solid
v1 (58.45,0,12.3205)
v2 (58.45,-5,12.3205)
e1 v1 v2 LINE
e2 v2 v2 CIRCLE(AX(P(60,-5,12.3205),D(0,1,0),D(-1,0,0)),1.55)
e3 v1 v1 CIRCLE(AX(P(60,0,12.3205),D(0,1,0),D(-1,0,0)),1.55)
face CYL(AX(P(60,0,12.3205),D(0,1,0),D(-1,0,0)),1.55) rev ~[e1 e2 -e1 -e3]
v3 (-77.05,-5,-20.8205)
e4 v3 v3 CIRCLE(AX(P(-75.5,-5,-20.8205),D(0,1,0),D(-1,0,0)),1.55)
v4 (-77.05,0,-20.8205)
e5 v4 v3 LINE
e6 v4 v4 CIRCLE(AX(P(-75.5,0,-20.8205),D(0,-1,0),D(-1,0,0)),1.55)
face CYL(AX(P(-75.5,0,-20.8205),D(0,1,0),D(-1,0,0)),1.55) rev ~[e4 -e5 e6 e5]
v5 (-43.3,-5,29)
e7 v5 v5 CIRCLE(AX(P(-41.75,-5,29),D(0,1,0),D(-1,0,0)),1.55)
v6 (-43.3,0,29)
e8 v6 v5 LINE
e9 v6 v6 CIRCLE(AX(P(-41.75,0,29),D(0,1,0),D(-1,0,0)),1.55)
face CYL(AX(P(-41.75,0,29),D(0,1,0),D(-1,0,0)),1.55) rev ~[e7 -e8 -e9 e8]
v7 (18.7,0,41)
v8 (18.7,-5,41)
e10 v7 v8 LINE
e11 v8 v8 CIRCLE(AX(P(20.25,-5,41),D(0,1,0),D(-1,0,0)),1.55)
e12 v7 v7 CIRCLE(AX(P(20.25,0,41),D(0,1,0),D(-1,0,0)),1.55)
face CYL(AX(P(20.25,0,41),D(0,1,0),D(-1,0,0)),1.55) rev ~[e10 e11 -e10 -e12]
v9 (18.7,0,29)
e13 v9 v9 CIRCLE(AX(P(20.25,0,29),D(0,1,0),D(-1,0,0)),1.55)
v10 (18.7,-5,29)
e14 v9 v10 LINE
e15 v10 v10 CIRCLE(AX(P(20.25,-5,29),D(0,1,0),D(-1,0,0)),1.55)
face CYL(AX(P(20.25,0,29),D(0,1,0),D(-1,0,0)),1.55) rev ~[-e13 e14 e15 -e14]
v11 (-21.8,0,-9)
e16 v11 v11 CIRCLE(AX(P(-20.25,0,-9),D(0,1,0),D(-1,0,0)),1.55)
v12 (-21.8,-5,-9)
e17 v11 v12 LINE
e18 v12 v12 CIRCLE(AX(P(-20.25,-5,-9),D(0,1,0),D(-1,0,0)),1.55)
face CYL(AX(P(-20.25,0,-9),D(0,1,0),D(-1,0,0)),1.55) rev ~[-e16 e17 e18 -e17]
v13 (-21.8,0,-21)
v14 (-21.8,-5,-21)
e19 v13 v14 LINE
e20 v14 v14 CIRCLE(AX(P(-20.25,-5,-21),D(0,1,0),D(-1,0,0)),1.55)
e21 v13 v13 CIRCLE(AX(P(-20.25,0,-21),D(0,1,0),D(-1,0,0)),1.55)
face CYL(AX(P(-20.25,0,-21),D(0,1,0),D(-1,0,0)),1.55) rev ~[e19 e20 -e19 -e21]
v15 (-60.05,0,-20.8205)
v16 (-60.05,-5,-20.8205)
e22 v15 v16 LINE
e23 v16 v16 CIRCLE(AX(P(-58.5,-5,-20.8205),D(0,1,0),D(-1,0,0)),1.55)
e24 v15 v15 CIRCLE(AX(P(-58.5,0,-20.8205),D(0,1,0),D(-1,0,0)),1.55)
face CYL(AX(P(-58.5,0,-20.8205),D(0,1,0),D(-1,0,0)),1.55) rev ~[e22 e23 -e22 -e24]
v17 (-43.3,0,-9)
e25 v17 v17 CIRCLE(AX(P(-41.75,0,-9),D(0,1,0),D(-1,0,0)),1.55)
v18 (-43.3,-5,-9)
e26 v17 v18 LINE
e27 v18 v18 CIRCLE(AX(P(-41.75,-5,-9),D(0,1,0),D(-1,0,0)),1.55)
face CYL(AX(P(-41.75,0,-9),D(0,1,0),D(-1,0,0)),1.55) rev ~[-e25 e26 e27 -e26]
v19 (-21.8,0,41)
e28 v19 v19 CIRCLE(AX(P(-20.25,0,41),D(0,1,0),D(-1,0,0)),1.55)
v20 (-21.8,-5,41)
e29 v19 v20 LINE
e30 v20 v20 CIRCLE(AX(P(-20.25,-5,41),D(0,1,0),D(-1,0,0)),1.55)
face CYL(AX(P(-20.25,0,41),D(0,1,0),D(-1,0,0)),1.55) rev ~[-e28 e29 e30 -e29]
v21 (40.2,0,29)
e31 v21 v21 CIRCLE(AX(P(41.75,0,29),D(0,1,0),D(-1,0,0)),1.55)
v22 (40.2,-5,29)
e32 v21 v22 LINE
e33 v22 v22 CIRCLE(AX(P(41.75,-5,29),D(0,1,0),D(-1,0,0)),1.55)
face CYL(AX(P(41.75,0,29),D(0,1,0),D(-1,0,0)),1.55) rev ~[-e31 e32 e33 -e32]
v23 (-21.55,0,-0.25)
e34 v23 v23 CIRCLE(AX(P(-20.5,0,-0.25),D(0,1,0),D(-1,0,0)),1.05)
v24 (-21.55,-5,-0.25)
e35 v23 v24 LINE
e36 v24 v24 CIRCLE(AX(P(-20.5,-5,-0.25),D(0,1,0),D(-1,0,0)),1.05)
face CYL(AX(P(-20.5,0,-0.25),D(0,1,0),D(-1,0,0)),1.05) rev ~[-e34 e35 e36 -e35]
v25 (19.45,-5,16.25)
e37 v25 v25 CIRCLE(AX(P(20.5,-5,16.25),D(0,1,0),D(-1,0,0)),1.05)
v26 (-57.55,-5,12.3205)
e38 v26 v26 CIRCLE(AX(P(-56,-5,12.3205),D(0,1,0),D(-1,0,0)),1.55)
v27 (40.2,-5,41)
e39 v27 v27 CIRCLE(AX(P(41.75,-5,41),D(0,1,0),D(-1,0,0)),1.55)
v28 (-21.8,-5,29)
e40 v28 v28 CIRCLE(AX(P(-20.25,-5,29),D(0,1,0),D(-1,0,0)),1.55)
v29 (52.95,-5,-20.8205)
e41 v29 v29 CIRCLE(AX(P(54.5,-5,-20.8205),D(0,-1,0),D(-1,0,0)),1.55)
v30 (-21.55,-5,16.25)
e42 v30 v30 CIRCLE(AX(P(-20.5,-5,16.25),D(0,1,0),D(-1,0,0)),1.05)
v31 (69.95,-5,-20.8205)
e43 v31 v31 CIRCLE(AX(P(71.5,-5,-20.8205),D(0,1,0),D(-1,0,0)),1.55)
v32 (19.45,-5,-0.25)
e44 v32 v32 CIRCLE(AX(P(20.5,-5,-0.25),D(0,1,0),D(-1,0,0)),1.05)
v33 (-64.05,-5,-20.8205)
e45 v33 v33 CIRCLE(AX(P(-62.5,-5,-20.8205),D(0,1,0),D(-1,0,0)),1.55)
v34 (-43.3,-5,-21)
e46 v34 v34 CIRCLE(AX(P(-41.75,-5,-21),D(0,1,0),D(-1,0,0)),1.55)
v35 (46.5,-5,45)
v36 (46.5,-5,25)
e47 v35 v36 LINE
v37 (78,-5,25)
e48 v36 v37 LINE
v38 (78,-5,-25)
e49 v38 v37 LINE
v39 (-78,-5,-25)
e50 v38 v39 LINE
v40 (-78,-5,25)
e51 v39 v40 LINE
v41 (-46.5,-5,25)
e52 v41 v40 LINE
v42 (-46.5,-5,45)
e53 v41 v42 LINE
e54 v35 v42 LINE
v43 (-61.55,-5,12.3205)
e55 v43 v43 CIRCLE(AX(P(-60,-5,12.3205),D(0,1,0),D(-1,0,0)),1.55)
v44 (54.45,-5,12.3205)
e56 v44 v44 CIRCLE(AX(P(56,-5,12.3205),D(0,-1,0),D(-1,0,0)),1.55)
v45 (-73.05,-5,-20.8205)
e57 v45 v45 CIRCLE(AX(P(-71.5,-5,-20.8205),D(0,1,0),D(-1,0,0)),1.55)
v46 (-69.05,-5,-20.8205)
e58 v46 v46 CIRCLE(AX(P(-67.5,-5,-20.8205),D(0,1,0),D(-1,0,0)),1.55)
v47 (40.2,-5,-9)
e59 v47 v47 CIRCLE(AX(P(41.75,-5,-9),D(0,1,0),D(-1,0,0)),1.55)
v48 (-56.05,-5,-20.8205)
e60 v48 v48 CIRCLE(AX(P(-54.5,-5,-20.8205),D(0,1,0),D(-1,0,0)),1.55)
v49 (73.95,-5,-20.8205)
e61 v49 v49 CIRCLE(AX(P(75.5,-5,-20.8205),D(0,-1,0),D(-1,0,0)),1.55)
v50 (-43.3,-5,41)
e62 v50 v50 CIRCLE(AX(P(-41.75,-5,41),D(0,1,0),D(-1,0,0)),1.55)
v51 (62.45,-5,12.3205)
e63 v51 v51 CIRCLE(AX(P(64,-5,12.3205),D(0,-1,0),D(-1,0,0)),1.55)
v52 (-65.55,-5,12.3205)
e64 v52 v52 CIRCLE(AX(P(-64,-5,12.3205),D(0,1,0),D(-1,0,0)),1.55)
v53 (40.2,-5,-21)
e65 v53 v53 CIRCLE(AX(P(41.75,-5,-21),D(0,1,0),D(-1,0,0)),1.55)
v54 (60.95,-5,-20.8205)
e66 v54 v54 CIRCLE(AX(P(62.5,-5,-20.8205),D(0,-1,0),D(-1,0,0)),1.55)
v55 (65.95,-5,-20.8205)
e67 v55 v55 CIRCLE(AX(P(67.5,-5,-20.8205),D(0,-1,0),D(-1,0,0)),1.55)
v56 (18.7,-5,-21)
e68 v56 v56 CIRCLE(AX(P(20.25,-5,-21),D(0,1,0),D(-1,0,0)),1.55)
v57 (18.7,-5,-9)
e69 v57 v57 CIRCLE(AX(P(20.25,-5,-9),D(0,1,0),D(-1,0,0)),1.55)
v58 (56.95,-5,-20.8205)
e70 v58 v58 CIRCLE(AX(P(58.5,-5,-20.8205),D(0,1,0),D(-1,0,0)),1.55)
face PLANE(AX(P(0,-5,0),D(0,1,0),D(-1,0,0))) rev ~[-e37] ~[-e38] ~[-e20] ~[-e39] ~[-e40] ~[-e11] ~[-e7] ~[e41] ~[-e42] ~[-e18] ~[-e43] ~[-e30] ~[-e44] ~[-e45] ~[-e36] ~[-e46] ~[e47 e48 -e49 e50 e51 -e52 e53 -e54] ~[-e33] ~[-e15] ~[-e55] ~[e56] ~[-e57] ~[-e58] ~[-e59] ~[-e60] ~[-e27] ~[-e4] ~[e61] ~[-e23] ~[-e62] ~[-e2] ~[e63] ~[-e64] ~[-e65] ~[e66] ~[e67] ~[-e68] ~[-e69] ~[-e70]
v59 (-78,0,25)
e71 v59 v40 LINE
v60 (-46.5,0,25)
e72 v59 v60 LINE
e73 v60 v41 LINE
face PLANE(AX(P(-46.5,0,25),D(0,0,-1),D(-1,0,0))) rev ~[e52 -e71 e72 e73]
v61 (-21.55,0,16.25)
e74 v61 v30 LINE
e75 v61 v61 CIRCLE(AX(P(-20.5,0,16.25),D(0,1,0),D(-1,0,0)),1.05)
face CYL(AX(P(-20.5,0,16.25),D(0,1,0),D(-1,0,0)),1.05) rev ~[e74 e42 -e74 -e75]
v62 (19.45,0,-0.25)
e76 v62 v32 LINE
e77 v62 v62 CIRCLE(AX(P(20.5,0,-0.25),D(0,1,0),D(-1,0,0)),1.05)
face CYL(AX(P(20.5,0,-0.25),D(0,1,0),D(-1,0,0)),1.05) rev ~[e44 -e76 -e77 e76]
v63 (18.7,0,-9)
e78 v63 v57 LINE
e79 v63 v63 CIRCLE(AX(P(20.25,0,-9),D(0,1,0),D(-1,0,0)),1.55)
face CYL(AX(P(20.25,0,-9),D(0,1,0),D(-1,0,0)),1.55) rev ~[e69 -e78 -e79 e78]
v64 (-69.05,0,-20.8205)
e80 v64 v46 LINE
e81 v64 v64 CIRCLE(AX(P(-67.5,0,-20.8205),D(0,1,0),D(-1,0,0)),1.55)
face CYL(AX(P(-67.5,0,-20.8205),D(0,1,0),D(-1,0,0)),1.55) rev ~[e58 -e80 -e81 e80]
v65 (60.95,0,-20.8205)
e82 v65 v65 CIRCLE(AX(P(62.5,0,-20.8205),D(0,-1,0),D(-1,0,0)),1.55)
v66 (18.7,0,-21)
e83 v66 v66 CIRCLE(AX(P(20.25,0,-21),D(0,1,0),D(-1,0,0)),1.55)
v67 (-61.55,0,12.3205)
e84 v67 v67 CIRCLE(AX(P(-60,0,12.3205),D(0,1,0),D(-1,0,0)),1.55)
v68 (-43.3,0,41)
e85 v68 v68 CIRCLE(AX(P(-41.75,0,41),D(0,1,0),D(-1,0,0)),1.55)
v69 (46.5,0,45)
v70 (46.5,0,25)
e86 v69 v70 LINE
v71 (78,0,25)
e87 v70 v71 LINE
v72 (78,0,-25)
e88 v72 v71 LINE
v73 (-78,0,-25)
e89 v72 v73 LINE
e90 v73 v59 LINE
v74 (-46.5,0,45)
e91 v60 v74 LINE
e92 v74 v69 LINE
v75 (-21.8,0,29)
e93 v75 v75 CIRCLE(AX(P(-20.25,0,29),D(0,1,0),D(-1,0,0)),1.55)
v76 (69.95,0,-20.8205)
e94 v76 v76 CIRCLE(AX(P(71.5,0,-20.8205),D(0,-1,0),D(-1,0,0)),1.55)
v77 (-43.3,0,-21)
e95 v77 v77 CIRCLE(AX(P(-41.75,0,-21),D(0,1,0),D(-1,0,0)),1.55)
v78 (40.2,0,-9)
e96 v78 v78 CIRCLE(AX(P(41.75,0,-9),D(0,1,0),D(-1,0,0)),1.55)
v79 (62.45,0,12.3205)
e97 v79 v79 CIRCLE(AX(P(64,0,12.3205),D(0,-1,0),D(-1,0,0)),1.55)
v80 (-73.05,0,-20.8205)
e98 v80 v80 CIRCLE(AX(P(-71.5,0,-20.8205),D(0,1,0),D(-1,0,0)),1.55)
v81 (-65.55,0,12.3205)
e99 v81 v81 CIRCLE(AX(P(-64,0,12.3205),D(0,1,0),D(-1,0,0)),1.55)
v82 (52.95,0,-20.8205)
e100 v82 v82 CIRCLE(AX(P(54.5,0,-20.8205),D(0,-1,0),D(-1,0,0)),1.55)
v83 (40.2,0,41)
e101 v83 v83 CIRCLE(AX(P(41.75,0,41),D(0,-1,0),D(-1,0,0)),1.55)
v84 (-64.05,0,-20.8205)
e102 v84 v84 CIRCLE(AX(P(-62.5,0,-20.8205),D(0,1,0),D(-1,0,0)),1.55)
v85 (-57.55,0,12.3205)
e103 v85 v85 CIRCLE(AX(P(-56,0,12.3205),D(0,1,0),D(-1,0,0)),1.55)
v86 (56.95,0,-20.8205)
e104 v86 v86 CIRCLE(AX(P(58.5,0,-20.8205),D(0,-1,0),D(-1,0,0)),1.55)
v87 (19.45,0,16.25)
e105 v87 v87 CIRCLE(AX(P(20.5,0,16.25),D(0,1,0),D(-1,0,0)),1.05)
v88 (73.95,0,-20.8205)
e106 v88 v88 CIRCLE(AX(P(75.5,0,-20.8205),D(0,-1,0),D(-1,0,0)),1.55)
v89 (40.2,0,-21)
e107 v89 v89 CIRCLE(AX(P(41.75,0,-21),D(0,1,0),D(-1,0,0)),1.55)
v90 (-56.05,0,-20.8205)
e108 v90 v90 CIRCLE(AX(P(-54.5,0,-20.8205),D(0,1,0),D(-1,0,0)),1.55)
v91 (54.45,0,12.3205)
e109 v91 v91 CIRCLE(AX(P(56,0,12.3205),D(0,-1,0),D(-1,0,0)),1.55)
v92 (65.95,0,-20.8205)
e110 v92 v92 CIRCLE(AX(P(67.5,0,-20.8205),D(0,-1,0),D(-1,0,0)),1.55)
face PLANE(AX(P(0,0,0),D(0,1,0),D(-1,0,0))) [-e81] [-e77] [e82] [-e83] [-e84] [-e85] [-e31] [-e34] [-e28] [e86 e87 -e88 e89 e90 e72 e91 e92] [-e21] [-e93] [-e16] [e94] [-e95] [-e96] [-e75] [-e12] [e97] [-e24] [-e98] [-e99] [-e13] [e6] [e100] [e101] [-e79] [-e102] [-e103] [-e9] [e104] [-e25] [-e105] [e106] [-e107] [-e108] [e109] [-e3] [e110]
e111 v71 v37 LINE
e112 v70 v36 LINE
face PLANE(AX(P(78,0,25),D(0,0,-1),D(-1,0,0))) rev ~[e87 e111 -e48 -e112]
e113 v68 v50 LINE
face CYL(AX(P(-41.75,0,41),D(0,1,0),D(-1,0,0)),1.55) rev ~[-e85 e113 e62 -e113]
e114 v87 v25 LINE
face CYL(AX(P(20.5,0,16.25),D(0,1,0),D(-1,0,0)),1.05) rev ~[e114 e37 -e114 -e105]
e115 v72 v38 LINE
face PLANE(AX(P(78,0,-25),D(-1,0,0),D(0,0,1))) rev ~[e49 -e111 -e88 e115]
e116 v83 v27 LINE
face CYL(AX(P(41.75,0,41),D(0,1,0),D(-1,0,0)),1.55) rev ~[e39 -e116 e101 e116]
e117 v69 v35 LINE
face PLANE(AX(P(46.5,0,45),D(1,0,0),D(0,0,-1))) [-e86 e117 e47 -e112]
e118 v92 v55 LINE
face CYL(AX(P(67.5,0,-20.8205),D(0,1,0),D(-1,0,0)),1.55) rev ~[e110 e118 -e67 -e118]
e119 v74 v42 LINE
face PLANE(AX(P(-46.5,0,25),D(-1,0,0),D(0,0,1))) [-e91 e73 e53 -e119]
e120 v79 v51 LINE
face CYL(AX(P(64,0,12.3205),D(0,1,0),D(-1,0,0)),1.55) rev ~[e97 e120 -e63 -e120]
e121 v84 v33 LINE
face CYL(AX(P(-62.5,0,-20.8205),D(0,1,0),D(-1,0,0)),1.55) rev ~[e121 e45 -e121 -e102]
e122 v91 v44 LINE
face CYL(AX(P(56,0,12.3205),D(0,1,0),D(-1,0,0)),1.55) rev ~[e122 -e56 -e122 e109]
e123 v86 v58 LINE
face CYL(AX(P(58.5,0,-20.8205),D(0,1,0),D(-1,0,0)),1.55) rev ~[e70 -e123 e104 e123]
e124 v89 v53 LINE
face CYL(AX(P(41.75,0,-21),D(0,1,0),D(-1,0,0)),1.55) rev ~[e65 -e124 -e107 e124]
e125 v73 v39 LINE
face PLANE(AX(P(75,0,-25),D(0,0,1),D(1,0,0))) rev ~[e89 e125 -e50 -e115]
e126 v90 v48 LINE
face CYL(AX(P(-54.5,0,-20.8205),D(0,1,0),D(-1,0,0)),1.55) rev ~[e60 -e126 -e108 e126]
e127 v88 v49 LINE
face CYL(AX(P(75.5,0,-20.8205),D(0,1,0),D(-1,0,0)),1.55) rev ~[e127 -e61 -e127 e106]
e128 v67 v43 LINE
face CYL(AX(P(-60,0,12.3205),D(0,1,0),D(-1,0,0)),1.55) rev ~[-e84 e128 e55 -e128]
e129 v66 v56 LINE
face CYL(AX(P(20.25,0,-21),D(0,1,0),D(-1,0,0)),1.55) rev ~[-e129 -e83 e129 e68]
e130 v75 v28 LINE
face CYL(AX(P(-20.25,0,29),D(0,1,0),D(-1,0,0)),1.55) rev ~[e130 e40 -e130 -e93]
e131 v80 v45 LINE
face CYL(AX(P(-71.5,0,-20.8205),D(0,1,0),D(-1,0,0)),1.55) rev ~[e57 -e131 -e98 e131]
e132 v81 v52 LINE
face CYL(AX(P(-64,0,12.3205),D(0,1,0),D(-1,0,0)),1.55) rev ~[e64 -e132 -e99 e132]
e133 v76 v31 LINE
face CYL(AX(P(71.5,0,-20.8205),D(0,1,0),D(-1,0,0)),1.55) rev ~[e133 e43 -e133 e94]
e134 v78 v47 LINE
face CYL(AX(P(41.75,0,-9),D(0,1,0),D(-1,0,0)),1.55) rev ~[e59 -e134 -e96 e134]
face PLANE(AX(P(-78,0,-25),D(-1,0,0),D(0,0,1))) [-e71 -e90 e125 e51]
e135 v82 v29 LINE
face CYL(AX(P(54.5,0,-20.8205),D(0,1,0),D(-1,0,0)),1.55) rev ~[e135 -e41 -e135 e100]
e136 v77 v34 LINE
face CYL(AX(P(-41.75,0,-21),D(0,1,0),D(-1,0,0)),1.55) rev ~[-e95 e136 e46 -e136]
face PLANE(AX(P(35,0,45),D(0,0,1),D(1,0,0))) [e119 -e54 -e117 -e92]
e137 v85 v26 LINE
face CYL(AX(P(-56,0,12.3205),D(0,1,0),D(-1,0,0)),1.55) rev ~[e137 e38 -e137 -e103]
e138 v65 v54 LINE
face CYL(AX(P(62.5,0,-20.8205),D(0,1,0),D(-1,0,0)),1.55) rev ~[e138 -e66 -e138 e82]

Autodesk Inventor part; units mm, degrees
ref_plane "YZ Plane" through (0, 0, 0) normal (1, 0, 0) x (0, 1, 0)
ref_plane "XZ Plane" through (0, 0, 0) normal (0, 1, 0) x (-1, 0, 0)
ref_plane "XY Plane" through (0, 0, 0) normal (0, 0, 1) x (1, 0, 0)
sketch "Esquisse1" plane through (0, 0, 0) normal (0, 1, 0) x (-1, 0, 0)
  line L0 (-75, -17.3205) -> (-55, -17.3205)
  line L1 (-55, -17.3205) -> (0, -17.3205)
  line L2 (0, -17.3205) -> (55, -17.3205)
  line L3 (55, -17.3205) -> (75, -17.3205)
  line L4 (75, -17.3205) -> (75, 17.3205)
  line L5 (75, 17.3205) -> (55, -17.3205)
  line L6 (-55, -17.3205) -> (-75, 17.3205)
  line L7 (-75, 17.3205) -> (-75, -17.3205)
  line L8 (-75, 25) -> (75, 25)
  line L9 (75, 25) -> (75, -25)
  line L10 (75, -25) -> (-75, -25)
  line L11 (-75, -25) -> (-75, 25)
  line L12 (-75, 17.3205) -> (-75, 25) construction
  line L13 (-75, -17.3205) -> (-75, -25) construction
  line L14 (75, 17.3205) -> (75, 25) construction
  line L15 (75, -17.3205) -> (75, -25) construction
  line L16 (-75, -25) -> (0, 0) construction
  line L17 (0, 0) -> (75, 25) construction
  line L18 (46.5, 45) -> (-46.5, 45)
  line L19 (-46.5, 45) -> (-46.5, 25)
  line L20 (-46.5, 25) -> (46.5, 25)
  line L21 (46.5, 25) -> (46.5, 45)
  line L22 (46.5, 45) -> (-46.5, 25) construction
  line L23 (-46.5, 45) -> (46.5, 25) construction
  line L24 (0, -39) -> (0, 59) projected
  line L25 (35, 25) -> (-35, 25)
  line L26 (-35, 25) -> (-35, 45)
  line L27 (-35, 45) -> (35, 45)
  line L28 (35, 45) -> (35, 25)
  line L29 (35, 25) -> (-35, 45) construction
  line L30 (-35, 25) -> (35, 45) construction
  line L31 (-41.75, 41) -> (-20.25, 41) construction
  line L32 (-20.25, 41) -> (-20.25, 29) construction
  line L33 (-20.25, 29) -> (-41.75, 29) construction
  line L34 (-41.75, 29) -> (-41.75, 41) construction
  line L35 (-41.75, 41) -> (-20.25, 29) construction
  line L36 (-20.25, 41) -> (-41.75, 29) construction
  line L37 (41.75, 29) -> (20.25, 29) construction
  line L38 (20.25, 29) -> (20.25, 41) construction
  line L39 (20.25, 41) -> (41.75, 41) construction
  line L40 (41.75, 41) -> (41.75, 29) construction
  line L41 (41.75, 29) -> (20.25, 41) construction
  line L42 (20.25, 29) -> (41.75, 41) construction
  circle A0 centre (-41.75, 41) radius 1.55
  circle A1 centre (-20.25, 41) radius 1.55
  circle A2 centre (-20.25, 29) radius 1.55
  circle A3 centre (-41.75, 29) radius 1.55
  circle A4 centre (20.25, 41) radius 1.55
  circle A5 centre (41.75, 41) radius 1.55
  circle A6 centre (41.75, 29) radius 1.55
  circle A7 centre (20.25, 29) radius 1.55
  line L43 (-44.5, 42.55) -> (-39, 42.55)
  line L44 (-39, 42.55) -> (-39, 39.45)
  line L45 (-39, 39.45) -> (-44.5, 39.45)
  line L46 (-44.5, 39.45) -> (-44.5, 42.55)
  line L47 (-44.5, 42.55) -> (-39, 39.45) construction
  line L48 (-39, 42.55) -> (-44.5, 39.45) construction
  line L49 (-31, 35) -> (0, 35)
  line L50 (0, 35) -> (31, 35)
  line L51 (0, 10) -> (12.5033, 10) construction
  circle A8 centre (-41.75, -21) radius 1.55
  circle A9 centre (-20.25, -21) radius 1.55
  circle A10 centre (-20.25, -9) radius 1.55
  circle A11 centre (-41.75, -9) radius 1.55
  circle A12 centre (20.25, -21) radius 1.55
  circle A13 centre (41.75, -21) radius 1.55
  circle A14 centre (41.75, -9) radius 1.55
  circle A15 centre (20.25, -9) radius 1.55
  line L52 (-31, -15) -> (0, -15)
  line L53 (0, -15) -> (31, -15)
  line L54 (-75, 17.3205) -> (-55, 17.3205)
  line L55 (-55, 17.3205) -> (-55, -17.3205)
  circle A16 centre (-60, 12.3205) radius 5
  circle A17 centre (-60, 12.3205) radius 1.55
  line L56 (-55, -17.3205) -> (-55, -25)
  line L57 (-75, -20.8205) -> (-55, -20.8205)
  circle A18 centre (-71.5, -20.8205) radius 3.5
  circle A19 centre (-58.5, -20.8205) radius 3.5
  line L58 (-71.5, -24.3205) -> (-58.5, -24.3205)
  circle A20 centre (-71.5, -20.8205) radius 1.55
  circle A21 centre (-58.5, -20.8205) radius 1.55
  circle A22 centre (60, 12.3205) radius 1.55
  circle A23 centre (71.5, -20.8205) radius 1.55
  circle A24 centre (58.5, -20.8205) radius 1.55
  circle A25 centre (-56, 12.3205) radius 1.55
  circle A26 centre (-67.5, -20.8205) radius 1.55
  circle A27 centre (-54.5, -20.8205) radius 1.55
  circle A28 centre (56, 12.3205) radius 1.55
  circle A29 centre (67.5, -20.8205) radius 1.55
  circle A30 centre (54.5, -20.8205) radius 1.55
  line L59 (-78, 25) -> (-75, 25)
  line L60 (-75, 25) -> (-75, -25)
  line L61 (-75, -25) -> (-78, -25)
  line L62 (-78, -25) -> (-78, 25)
  line L63 (-78, 25) -> (-75, -25) construction
  line L64 (-75, 25) -> (-78, -25) construction
  circle A31 centre (-64, 12.3205) radius 1.55
  circle A32 centre (-62.5, -20.8205) radius 1.55
  circle A33 centre (-75.5, -20.8205) radius 1.55
  circle A34 centre (64, 12.3205) radius 1.55
  circle A35 centre (62.5, -20.8205) radius 1.55
  circle A36 centre (75.5, -20.8205) radius 1.55
  line L65 (78, 25) -> (75, 25)
  line L66 (75, -25) -> (78, -25)
  line L67 (78, -25) -> (78, 25)
  line L68 (20.5, -0.25) -> (-20.5, -0.25) construction
  line L69 (-20.5, -0.25) -> (-20.5, 16.25) construction
  line L70 (-20.5, 16.25) -> (20.5, 16.25) construction
  line L71 (20.5, 16.25) -> (20.5, -0.25) construction
  line L72 (20.5, -0.25) -> (-20.5, 16.25) construction
  line L73 (-20.5, -0.25) -> (20.5, 16.25) construction
  circle A37 centre (-20.5, 16.25) radius 1.05
  circle A38 centre (20.5, 16.25) radius 1.05
  circle A39 centre (20.5, -0.25) radius 1.05
  circle A40 centre (-20.5, -0.25) radius 1.05
  point P0 (0, 0)
  point P1 (75, 17.3205)
  point P2 (46.5, 25)
  point P3 (-41.75, 39.45)
  point P4 (-41.75, 42.55)
  point P5 (-55, -22.2876)
  point P6 (-55, -19.3534)
  point P7 (-76.5, 0)
  point P8 (75, -22.2876)
  point P9 (75, -19.3534)
  point P10 (0, 8)
  dimension "d0" = 34.641
  dimension "d1" = 110
  dimension "d2" = 20
  dimension "d3" = 17.3205
  dimension "d4" = 60
  dimension "d6" = 50
  dimension "d7" = 70
  dimension "d8" = 93
  dimension "d10" = 11.5
  dimension "d11" = 11.5
  dimension "d12" = 12
  dimension "d13" = 21.5
  dimension "d14" = 3.1
  dimension "d15" = 5.5
  dimension "d16" = 4
  dimension "d20" = 50
  dimension "d23" = 10
  dimension "d24" = 3.1
  dimension "d25" = 7
  dimension "d26" = 3.1
  dimension "d27" = 2
  dimension "d28" = 70
  dimension "d29" = 150
  dimension "d32" = 4
  dimension "d39" = 4
  dimension "d44" = 3
  dimension "d47" = 4
  dimension "d54" = 4
  dimension "d59" = 41
  dimension "d60" = 16.5
  dimension "d61" = 8
  dimension "d62" = 2.1
extrude "Extrusion1" add sketch "Esquisse1" against normal blind 5 contours L7 L6 L0 | L11 A33 L61 L62 L59 L7 | L0 A18 A33 L11 | L0 A19 A32 L57 A26 A18 | A18 A26 L57 A20 A33 | L54 A16 A31 A25 L55 L6 | L11 L8 L24 L1 L55 A25 L54 | L0 L56 A27 A19 | A19 A27 L57 A21 A32 | L1 L24 L10 L56 A27 | L54 L55 A25 A16 | A16 A25 A31 | A33 A18 L58 A19 A27 L56 L10 L11 | L57 A32 A19 L58 A18 A26 | A26 A18 A33 L57 A20 | L24 L8 L9 L5 L2 | L2 L3 L9 A36 L10 L24 | L19 L18 L26 L8 | A27 A19 A32 L57 A21 | L5 L4 L3 | L26 L18 L24 L8 | L4 L9 L65 L67 L66 A36 | L24 L18 L28 L8 | L28 L18 L21 L8 | A0 L43 L44 L45 | A0 L45 L46 L43
properties part number "Plaque trans"
